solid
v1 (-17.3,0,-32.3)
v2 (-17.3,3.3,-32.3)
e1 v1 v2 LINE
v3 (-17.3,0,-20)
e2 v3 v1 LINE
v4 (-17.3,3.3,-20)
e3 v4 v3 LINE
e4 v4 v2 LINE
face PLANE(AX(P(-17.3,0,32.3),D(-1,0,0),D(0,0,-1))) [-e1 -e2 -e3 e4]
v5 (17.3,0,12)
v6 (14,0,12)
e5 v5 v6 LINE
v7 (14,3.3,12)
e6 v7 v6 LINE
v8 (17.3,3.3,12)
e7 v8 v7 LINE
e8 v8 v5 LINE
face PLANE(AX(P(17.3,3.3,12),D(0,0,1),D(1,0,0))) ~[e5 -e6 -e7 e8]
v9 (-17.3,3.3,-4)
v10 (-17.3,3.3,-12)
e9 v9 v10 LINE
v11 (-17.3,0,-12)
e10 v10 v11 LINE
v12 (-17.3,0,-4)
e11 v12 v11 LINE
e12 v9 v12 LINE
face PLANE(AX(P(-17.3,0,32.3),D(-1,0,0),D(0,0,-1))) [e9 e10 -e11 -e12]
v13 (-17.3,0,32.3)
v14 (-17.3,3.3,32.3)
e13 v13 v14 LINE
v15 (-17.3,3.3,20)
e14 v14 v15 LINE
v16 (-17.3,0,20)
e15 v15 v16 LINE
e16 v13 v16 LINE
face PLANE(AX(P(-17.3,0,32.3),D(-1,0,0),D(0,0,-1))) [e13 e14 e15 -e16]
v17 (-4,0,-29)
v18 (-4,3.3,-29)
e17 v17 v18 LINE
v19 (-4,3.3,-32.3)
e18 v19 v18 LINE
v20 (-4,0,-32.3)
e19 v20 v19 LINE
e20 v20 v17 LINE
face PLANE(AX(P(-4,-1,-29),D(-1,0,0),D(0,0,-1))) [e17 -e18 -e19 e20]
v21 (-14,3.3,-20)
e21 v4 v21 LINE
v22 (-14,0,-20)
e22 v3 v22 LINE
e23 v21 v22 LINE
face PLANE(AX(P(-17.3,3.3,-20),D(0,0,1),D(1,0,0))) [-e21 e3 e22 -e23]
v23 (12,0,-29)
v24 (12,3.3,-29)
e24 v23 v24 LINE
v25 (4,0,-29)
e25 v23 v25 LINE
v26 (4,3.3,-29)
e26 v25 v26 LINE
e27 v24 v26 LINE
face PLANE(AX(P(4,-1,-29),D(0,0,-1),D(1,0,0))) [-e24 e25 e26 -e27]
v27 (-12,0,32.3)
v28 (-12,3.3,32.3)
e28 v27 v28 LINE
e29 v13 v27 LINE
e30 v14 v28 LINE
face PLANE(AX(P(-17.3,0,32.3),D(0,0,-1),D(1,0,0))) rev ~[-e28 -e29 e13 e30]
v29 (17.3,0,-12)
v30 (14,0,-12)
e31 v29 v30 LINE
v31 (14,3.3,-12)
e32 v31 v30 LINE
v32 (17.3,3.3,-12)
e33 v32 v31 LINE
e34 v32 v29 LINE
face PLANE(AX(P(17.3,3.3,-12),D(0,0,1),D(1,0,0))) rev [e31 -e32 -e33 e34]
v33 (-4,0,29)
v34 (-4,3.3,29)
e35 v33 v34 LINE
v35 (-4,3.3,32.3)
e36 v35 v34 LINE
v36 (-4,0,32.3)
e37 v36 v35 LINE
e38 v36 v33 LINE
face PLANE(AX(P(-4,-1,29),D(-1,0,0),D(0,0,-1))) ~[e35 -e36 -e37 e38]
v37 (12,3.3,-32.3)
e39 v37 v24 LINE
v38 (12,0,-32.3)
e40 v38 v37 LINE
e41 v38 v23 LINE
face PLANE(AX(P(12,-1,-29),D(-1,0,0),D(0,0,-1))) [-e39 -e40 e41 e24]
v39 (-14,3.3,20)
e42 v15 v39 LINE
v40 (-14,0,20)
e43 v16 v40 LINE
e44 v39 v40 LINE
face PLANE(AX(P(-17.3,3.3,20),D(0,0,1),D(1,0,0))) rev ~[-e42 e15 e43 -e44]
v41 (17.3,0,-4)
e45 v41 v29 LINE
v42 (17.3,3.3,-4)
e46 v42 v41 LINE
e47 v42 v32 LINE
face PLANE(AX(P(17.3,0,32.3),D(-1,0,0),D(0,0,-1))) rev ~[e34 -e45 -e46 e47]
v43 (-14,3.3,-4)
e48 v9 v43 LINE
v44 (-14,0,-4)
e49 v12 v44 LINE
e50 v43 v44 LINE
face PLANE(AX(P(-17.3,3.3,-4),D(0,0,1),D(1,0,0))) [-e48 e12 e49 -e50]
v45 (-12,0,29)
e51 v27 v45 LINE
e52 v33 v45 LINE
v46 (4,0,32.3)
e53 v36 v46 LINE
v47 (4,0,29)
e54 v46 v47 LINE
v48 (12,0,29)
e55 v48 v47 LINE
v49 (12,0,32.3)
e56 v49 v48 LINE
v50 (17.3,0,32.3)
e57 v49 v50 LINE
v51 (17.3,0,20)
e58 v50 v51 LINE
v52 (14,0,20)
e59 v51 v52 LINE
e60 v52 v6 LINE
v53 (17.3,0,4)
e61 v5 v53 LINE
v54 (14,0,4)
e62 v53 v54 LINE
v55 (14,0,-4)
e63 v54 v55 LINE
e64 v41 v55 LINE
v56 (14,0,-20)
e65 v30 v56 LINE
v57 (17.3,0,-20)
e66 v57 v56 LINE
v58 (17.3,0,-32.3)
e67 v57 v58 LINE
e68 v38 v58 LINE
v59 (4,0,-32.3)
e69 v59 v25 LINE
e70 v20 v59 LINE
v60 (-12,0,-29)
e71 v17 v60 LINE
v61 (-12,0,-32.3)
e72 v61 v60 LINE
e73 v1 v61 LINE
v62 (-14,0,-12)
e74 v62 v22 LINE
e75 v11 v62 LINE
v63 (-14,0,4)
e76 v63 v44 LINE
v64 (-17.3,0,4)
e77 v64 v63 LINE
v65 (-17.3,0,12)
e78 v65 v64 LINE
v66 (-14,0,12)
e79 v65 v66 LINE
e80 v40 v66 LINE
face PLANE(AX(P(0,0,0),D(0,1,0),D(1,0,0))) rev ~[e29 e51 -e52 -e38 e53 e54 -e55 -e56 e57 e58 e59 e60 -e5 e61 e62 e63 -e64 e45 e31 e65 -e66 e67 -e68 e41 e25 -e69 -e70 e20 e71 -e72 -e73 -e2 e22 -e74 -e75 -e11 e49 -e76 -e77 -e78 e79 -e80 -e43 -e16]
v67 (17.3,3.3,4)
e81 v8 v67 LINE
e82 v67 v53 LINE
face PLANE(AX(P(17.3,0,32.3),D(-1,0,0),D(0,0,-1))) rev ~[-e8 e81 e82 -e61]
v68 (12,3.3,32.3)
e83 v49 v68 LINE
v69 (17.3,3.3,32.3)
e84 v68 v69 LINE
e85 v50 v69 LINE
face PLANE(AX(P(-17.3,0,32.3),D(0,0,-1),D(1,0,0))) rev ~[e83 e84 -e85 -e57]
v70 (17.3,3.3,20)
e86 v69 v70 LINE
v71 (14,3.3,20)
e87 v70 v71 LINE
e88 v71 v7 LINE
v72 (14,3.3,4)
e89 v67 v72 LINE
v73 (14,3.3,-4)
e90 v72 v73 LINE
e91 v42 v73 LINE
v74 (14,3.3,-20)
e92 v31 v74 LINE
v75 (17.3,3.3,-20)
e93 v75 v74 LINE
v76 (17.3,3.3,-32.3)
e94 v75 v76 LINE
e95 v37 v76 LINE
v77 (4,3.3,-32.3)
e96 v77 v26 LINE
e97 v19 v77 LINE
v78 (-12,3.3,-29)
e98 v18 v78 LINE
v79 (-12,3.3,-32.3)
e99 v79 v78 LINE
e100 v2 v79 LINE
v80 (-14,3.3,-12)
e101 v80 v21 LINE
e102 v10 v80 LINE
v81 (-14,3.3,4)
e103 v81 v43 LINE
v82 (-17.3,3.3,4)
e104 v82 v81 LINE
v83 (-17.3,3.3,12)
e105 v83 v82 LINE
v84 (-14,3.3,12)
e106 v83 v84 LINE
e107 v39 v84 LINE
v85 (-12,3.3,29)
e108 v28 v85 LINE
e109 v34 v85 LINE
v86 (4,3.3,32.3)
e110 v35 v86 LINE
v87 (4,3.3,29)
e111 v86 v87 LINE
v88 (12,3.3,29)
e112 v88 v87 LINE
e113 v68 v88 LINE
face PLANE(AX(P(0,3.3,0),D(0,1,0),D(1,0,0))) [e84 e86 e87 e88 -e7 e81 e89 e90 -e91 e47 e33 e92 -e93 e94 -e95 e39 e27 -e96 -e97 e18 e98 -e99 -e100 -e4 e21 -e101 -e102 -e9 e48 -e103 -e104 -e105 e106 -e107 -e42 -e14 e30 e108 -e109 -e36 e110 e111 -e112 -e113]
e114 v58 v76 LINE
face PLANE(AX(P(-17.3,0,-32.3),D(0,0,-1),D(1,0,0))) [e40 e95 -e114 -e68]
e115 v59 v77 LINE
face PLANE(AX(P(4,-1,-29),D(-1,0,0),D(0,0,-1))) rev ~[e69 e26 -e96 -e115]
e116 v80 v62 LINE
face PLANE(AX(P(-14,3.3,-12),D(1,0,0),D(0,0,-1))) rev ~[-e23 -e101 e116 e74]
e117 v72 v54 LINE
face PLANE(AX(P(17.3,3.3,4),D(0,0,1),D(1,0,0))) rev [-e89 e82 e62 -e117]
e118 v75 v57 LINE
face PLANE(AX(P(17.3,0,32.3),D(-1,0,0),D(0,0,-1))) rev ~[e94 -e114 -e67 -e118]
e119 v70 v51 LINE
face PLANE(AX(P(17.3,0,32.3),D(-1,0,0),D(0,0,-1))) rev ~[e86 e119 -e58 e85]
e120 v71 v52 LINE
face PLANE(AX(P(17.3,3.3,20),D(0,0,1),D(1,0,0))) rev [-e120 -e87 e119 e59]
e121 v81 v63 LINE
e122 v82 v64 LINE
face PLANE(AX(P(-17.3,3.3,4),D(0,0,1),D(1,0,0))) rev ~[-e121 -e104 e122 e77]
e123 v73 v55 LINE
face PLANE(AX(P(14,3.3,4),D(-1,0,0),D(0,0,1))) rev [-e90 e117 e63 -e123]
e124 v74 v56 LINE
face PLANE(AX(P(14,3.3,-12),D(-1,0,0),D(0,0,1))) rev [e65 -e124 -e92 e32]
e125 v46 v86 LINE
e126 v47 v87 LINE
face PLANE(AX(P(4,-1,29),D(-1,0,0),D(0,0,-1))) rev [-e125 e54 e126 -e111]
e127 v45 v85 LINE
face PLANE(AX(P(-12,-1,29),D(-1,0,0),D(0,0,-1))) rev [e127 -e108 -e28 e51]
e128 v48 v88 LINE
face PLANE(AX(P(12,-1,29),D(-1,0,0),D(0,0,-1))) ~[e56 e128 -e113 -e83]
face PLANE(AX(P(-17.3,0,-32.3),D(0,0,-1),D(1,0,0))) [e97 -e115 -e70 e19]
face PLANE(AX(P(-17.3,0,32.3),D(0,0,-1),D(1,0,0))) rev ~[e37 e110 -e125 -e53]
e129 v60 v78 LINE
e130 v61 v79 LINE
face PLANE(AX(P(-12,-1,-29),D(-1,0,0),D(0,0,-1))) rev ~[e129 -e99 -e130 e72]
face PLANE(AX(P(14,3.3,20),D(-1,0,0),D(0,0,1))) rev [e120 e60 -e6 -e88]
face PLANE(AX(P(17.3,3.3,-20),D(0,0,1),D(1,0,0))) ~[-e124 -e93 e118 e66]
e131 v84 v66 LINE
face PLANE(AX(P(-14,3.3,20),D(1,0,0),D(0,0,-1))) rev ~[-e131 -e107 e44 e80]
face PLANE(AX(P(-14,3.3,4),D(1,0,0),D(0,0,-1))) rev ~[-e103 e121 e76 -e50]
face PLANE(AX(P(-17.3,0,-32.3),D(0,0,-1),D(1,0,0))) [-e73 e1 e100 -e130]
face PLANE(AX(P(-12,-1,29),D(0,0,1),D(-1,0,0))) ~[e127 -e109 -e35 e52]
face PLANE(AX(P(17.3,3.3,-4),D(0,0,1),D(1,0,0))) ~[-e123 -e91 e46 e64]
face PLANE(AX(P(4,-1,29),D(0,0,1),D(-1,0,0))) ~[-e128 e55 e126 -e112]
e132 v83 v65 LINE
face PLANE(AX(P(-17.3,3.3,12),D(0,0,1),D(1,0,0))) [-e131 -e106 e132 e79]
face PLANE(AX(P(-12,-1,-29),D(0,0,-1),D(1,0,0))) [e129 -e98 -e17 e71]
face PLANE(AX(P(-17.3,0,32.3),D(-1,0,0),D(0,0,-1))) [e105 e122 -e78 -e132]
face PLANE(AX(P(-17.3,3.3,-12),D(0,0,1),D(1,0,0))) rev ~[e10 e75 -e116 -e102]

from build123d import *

# Parameters (mm, degrees)
ESQUISSE1_W             = 34.6
ESQUISSE1_H             = 64.6
BOSS_EXTRU_1_DEPTH      = 3.3
ENL_V_START             = -4.3
ESQUISSE2_W             = 8
ESQUISSE2_H             = 3.3
ENL_V_MAT_EXTRU_1_DEPTH = 5.3
ESQUISSE3_W             = 3.3
ESQUISSE3_H             = 8
ENL_V_MAT_EXTRU_2_DEPTH = 3.3


with BuildPart() as part:
    # Esquisse1 → Boss.-Extru.1 (new body)
    with BuildSketch(Plane(origin=(0, 0, 0), x_dir=(1, 0, 0), z_dir=(0, 1, 0))):
        Rectangle(ESQUISSE1_W, ESQUISSE1_H)
    extrude(amount=BOSS_EXTRU_1_DEPTH)

    # Esquisse2 → Enlèv. mat.-Extru.1 (cut)
    with BuildSketch(Plane(origin=(0, 3.3, 0), x_dir=(1, 0, 0), z_dir=(0, 1, 0)).offset(ENL_V_START)):
        with Locations((-8, 30.65)):
            Rectangle(ESQUISSE2_W, ESQUISSE2_H)
        with Locations((8, 30.65)):
            Rectangle(ESQUISSE2_W, ESQUISSE2_H)
    enl_v_mat_extru_1 = extrude(amount=ENL_V_MAT_EXTRU_1_DEPTH, mode=Mode.SUBTRACT)

    # Symétrie1: Enlèv. mat.-Extru.1 across plane
    add(enl_v_mat_extru_1.mirror(Plane.XY), mode=Mode.SUBTRACT)

    # Esquisse3 → Enlèv. mat.-Extru.2 (cut)
    with BuildSketch(Plane(origin=(0, 3.3, 0), x_dir=(1, 0, 0), z_dir=(0, 1, 0))):
        with Locations((-15.65, 0)):
            Rectangle(ESQUISSE3_W, ESQUISSE3_H)
        with Locations((-15.65, 16)):
            Rectangle(ESQUISSE3_W, ESQUISSE3_H)
        with Locations((-15.65, -16)):
            Rectangle(ESQUISSE3_W, ESQUISSE3_H)
    enl_v_mat_extru_2 = extrude(amount=-ENL_V_MAT_EXTRU_2_DEPTH, mode=Mode.SUBTRACT)

    # Symétrie2: Enlèv. mat.-Extru.2 across plane
    add(enl_v_mat_extru_2.mirror(Plane(origin=(0, 0, 0), x_dir=(0, 0, 1), z_dir=(1, 0, 0))), mode=Mode.SUBTRACT)


solid = part.part
